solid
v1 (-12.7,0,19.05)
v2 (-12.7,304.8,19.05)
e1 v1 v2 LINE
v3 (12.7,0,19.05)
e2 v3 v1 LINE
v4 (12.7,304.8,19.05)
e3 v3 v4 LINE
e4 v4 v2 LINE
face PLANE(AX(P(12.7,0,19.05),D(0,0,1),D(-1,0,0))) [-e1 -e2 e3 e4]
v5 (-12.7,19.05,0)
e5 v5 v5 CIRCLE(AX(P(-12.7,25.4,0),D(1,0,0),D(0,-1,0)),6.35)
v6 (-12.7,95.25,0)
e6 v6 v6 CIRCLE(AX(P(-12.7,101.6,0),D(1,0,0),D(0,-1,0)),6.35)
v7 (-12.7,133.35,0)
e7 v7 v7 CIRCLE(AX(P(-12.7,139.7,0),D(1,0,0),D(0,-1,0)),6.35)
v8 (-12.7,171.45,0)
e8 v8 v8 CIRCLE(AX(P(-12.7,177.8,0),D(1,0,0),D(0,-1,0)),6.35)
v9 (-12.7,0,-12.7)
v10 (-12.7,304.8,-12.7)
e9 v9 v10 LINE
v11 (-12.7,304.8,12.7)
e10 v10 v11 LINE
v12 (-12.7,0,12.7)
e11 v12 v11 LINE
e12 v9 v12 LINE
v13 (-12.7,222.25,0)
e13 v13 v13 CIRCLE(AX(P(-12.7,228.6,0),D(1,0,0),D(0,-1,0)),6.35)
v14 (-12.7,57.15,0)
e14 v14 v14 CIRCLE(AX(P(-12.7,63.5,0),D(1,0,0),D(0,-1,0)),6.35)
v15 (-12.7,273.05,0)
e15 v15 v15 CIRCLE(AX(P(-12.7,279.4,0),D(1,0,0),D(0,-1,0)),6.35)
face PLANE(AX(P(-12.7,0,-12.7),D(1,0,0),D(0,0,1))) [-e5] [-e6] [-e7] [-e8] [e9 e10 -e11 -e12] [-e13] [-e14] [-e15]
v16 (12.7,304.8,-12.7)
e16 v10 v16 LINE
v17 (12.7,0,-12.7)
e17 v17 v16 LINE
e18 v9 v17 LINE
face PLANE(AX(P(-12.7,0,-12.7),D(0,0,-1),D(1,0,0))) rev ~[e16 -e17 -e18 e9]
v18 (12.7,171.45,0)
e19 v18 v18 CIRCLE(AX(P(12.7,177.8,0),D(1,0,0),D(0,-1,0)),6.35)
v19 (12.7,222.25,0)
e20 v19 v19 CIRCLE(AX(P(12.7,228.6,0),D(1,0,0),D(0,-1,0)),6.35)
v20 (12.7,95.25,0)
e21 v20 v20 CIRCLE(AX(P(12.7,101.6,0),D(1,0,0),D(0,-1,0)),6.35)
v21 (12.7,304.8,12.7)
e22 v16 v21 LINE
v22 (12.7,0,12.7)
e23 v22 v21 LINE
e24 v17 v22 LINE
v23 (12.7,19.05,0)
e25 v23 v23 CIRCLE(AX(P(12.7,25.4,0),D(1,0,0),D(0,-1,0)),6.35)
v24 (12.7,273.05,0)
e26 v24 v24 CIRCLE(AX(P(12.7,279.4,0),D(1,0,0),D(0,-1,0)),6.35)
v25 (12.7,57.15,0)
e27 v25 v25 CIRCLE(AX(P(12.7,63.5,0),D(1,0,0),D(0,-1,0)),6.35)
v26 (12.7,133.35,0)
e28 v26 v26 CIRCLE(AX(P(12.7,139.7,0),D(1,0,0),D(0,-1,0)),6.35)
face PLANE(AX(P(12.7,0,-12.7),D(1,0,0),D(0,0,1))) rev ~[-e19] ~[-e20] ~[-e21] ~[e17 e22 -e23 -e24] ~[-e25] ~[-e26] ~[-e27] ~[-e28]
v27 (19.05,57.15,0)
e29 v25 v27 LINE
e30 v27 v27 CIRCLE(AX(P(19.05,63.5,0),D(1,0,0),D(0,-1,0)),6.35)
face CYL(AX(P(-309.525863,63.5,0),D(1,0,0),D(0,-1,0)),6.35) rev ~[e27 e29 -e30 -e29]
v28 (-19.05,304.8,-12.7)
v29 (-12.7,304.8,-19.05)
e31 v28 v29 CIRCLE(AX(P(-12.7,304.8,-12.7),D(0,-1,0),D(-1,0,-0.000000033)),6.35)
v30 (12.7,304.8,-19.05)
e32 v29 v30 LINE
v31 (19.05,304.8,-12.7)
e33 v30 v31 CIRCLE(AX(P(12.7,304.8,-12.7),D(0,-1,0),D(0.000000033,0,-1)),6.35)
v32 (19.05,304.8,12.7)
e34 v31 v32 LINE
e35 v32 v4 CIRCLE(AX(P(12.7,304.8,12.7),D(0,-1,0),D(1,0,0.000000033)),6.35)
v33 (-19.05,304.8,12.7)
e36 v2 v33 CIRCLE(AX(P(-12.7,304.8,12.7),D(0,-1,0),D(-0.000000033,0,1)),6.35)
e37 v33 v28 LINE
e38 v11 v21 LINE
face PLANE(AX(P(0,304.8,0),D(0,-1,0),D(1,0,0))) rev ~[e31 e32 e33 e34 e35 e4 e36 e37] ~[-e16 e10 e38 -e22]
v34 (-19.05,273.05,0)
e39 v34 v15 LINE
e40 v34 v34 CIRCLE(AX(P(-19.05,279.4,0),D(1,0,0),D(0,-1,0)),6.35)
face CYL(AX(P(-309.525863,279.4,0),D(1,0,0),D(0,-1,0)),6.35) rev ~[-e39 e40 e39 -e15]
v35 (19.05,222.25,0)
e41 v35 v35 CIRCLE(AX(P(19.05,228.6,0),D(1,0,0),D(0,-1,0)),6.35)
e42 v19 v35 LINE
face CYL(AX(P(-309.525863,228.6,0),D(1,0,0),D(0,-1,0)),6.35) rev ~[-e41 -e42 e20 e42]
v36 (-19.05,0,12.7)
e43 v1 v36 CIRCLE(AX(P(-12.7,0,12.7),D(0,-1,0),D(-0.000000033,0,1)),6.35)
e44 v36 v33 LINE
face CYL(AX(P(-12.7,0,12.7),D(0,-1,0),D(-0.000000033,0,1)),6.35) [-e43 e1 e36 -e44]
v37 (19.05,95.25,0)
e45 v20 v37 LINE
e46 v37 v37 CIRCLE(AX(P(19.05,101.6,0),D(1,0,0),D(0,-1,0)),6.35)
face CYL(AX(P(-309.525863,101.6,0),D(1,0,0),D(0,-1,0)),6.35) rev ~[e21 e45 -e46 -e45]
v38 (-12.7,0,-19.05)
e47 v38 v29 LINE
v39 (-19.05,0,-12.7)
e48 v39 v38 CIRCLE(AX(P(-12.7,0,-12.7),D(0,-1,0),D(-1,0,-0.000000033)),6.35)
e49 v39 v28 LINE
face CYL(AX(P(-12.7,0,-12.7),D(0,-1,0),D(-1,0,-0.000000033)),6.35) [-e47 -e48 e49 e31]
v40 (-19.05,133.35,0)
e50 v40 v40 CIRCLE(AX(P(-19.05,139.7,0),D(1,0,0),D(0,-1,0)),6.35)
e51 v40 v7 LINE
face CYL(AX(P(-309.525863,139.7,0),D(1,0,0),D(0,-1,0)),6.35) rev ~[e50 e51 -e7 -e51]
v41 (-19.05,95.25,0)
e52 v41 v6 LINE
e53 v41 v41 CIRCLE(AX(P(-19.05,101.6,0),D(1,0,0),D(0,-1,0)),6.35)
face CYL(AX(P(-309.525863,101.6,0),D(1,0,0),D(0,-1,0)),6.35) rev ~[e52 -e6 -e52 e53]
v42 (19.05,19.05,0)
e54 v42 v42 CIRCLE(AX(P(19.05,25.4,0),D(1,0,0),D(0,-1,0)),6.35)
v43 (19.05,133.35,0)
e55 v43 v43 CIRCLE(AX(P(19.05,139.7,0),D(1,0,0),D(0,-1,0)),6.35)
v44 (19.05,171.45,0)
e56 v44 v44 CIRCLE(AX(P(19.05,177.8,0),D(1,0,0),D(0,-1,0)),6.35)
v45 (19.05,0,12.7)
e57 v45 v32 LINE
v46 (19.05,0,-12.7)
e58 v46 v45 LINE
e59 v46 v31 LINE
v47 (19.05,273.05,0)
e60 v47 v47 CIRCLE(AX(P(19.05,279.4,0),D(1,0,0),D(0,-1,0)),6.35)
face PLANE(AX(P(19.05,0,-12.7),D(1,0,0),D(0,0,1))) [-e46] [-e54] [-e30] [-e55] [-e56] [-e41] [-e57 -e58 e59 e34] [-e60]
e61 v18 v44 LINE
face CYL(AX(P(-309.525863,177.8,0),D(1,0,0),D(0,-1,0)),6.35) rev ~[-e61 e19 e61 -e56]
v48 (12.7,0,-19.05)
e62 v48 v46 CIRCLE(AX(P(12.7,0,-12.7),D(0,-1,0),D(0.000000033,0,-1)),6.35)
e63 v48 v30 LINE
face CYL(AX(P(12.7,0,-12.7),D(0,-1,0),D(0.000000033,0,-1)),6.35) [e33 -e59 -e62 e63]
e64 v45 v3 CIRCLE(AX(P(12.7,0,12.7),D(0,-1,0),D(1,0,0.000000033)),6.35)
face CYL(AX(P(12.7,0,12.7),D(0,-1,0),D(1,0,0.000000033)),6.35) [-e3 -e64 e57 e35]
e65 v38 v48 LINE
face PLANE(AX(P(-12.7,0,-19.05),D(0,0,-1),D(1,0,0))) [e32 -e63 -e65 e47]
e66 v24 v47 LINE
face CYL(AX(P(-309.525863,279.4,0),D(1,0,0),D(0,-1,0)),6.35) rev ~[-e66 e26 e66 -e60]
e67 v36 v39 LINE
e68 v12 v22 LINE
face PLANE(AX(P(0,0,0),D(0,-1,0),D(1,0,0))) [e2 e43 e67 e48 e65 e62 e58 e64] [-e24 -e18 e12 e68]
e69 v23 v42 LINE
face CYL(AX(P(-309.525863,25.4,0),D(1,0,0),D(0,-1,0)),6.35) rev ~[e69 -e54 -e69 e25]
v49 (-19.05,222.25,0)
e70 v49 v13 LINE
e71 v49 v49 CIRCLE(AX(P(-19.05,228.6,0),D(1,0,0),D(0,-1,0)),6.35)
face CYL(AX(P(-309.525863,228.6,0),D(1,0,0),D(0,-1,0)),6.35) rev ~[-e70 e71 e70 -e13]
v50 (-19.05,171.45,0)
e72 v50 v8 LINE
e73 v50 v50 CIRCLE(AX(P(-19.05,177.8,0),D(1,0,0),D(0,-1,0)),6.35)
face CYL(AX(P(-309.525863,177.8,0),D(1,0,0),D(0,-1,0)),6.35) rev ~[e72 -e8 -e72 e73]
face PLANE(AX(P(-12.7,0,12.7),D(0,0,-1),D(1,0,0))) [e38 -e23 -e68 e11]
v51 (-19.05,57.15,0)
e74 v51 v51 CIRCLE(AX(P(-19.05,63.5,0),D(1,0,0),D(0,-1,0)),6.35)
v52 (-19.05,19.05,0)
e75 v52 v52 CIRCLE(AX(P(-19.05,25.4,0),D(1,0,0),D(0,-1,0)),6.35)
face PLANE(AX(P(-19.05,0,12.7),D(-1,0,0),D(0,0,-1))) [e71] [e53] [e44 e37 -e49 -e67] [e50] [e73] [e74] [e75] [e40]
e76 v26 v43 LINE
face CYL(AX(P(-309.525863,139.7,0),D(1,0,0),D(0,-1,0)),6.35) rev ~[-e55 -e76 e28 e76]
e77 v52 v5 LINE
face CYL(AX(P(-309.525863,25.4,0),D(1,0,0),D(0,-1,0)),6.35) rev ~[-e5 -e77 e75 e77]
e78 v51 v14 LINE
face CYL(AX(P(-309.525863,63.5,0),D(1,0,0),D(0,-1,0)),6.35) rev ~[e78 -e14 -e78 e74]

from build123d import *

# Parameters (mm, degrees)
F0_W     = 25.4
F0_H     = 25.4
F2_DEPTH = 304.8
F4_D     = 12.7
F1_D     = 12.7


with BuildPart() as f2:
    # F0 (on Front) → F2 (new body)
    with BuildSketch(Plane.XZ):
        with BuildLine():
            Line((-12.7, -19.05), (12.7, -19.05))
            ThreePointArc((12.7, -19.05), (17.190128, -17.190128), (19.05, -12.7))
            Line((19.05, -12.7), (19.05, 12.7))
            ThreePointArc((19.05, 12.7), (17.190128, 17.190128), (12.7, 19.05))
            Line((12.7, 19.05), (-12.7, 19.05))
            ThreePointArc((-12.7, 19.05), (-17.190128, 17.190128), (-19.05, 12.7))
            Line((-19.05, 12.7), (-19.05, -12.7))
            ThreePointArc((-19.05, -12.7), (-17.190128, -17.190128), (-12.7, -19.05))
        make_face()
        Rectangle(F0_W, F0_H, mode=Mode.SUBTRACT)
    extrude(amount=-F2_DEPTH)

    # F4 (through all)
    with Locations(Plane(origin=(0, 0, 0), x_dir=(0, 1, 0), z_dir=(-1, 0, 0))):
        with Locations((25.4, 0), (101.6, 0), (63.5, 0), (228.6, 0), (279.4, 0), (139.7, 0), (177.8, 0)):
            Hole(F4_D / 2)

    # F1 (through all)
    with Locations(Plane.YZ):
        with Locations((25.4, 0), (63.5, 0), (101.6, 0), (228.6, 0), (279.4, 0), (139.7, 0), (177.8, 0)):
            Hole(F1_D / 2)


solid = f2.part
